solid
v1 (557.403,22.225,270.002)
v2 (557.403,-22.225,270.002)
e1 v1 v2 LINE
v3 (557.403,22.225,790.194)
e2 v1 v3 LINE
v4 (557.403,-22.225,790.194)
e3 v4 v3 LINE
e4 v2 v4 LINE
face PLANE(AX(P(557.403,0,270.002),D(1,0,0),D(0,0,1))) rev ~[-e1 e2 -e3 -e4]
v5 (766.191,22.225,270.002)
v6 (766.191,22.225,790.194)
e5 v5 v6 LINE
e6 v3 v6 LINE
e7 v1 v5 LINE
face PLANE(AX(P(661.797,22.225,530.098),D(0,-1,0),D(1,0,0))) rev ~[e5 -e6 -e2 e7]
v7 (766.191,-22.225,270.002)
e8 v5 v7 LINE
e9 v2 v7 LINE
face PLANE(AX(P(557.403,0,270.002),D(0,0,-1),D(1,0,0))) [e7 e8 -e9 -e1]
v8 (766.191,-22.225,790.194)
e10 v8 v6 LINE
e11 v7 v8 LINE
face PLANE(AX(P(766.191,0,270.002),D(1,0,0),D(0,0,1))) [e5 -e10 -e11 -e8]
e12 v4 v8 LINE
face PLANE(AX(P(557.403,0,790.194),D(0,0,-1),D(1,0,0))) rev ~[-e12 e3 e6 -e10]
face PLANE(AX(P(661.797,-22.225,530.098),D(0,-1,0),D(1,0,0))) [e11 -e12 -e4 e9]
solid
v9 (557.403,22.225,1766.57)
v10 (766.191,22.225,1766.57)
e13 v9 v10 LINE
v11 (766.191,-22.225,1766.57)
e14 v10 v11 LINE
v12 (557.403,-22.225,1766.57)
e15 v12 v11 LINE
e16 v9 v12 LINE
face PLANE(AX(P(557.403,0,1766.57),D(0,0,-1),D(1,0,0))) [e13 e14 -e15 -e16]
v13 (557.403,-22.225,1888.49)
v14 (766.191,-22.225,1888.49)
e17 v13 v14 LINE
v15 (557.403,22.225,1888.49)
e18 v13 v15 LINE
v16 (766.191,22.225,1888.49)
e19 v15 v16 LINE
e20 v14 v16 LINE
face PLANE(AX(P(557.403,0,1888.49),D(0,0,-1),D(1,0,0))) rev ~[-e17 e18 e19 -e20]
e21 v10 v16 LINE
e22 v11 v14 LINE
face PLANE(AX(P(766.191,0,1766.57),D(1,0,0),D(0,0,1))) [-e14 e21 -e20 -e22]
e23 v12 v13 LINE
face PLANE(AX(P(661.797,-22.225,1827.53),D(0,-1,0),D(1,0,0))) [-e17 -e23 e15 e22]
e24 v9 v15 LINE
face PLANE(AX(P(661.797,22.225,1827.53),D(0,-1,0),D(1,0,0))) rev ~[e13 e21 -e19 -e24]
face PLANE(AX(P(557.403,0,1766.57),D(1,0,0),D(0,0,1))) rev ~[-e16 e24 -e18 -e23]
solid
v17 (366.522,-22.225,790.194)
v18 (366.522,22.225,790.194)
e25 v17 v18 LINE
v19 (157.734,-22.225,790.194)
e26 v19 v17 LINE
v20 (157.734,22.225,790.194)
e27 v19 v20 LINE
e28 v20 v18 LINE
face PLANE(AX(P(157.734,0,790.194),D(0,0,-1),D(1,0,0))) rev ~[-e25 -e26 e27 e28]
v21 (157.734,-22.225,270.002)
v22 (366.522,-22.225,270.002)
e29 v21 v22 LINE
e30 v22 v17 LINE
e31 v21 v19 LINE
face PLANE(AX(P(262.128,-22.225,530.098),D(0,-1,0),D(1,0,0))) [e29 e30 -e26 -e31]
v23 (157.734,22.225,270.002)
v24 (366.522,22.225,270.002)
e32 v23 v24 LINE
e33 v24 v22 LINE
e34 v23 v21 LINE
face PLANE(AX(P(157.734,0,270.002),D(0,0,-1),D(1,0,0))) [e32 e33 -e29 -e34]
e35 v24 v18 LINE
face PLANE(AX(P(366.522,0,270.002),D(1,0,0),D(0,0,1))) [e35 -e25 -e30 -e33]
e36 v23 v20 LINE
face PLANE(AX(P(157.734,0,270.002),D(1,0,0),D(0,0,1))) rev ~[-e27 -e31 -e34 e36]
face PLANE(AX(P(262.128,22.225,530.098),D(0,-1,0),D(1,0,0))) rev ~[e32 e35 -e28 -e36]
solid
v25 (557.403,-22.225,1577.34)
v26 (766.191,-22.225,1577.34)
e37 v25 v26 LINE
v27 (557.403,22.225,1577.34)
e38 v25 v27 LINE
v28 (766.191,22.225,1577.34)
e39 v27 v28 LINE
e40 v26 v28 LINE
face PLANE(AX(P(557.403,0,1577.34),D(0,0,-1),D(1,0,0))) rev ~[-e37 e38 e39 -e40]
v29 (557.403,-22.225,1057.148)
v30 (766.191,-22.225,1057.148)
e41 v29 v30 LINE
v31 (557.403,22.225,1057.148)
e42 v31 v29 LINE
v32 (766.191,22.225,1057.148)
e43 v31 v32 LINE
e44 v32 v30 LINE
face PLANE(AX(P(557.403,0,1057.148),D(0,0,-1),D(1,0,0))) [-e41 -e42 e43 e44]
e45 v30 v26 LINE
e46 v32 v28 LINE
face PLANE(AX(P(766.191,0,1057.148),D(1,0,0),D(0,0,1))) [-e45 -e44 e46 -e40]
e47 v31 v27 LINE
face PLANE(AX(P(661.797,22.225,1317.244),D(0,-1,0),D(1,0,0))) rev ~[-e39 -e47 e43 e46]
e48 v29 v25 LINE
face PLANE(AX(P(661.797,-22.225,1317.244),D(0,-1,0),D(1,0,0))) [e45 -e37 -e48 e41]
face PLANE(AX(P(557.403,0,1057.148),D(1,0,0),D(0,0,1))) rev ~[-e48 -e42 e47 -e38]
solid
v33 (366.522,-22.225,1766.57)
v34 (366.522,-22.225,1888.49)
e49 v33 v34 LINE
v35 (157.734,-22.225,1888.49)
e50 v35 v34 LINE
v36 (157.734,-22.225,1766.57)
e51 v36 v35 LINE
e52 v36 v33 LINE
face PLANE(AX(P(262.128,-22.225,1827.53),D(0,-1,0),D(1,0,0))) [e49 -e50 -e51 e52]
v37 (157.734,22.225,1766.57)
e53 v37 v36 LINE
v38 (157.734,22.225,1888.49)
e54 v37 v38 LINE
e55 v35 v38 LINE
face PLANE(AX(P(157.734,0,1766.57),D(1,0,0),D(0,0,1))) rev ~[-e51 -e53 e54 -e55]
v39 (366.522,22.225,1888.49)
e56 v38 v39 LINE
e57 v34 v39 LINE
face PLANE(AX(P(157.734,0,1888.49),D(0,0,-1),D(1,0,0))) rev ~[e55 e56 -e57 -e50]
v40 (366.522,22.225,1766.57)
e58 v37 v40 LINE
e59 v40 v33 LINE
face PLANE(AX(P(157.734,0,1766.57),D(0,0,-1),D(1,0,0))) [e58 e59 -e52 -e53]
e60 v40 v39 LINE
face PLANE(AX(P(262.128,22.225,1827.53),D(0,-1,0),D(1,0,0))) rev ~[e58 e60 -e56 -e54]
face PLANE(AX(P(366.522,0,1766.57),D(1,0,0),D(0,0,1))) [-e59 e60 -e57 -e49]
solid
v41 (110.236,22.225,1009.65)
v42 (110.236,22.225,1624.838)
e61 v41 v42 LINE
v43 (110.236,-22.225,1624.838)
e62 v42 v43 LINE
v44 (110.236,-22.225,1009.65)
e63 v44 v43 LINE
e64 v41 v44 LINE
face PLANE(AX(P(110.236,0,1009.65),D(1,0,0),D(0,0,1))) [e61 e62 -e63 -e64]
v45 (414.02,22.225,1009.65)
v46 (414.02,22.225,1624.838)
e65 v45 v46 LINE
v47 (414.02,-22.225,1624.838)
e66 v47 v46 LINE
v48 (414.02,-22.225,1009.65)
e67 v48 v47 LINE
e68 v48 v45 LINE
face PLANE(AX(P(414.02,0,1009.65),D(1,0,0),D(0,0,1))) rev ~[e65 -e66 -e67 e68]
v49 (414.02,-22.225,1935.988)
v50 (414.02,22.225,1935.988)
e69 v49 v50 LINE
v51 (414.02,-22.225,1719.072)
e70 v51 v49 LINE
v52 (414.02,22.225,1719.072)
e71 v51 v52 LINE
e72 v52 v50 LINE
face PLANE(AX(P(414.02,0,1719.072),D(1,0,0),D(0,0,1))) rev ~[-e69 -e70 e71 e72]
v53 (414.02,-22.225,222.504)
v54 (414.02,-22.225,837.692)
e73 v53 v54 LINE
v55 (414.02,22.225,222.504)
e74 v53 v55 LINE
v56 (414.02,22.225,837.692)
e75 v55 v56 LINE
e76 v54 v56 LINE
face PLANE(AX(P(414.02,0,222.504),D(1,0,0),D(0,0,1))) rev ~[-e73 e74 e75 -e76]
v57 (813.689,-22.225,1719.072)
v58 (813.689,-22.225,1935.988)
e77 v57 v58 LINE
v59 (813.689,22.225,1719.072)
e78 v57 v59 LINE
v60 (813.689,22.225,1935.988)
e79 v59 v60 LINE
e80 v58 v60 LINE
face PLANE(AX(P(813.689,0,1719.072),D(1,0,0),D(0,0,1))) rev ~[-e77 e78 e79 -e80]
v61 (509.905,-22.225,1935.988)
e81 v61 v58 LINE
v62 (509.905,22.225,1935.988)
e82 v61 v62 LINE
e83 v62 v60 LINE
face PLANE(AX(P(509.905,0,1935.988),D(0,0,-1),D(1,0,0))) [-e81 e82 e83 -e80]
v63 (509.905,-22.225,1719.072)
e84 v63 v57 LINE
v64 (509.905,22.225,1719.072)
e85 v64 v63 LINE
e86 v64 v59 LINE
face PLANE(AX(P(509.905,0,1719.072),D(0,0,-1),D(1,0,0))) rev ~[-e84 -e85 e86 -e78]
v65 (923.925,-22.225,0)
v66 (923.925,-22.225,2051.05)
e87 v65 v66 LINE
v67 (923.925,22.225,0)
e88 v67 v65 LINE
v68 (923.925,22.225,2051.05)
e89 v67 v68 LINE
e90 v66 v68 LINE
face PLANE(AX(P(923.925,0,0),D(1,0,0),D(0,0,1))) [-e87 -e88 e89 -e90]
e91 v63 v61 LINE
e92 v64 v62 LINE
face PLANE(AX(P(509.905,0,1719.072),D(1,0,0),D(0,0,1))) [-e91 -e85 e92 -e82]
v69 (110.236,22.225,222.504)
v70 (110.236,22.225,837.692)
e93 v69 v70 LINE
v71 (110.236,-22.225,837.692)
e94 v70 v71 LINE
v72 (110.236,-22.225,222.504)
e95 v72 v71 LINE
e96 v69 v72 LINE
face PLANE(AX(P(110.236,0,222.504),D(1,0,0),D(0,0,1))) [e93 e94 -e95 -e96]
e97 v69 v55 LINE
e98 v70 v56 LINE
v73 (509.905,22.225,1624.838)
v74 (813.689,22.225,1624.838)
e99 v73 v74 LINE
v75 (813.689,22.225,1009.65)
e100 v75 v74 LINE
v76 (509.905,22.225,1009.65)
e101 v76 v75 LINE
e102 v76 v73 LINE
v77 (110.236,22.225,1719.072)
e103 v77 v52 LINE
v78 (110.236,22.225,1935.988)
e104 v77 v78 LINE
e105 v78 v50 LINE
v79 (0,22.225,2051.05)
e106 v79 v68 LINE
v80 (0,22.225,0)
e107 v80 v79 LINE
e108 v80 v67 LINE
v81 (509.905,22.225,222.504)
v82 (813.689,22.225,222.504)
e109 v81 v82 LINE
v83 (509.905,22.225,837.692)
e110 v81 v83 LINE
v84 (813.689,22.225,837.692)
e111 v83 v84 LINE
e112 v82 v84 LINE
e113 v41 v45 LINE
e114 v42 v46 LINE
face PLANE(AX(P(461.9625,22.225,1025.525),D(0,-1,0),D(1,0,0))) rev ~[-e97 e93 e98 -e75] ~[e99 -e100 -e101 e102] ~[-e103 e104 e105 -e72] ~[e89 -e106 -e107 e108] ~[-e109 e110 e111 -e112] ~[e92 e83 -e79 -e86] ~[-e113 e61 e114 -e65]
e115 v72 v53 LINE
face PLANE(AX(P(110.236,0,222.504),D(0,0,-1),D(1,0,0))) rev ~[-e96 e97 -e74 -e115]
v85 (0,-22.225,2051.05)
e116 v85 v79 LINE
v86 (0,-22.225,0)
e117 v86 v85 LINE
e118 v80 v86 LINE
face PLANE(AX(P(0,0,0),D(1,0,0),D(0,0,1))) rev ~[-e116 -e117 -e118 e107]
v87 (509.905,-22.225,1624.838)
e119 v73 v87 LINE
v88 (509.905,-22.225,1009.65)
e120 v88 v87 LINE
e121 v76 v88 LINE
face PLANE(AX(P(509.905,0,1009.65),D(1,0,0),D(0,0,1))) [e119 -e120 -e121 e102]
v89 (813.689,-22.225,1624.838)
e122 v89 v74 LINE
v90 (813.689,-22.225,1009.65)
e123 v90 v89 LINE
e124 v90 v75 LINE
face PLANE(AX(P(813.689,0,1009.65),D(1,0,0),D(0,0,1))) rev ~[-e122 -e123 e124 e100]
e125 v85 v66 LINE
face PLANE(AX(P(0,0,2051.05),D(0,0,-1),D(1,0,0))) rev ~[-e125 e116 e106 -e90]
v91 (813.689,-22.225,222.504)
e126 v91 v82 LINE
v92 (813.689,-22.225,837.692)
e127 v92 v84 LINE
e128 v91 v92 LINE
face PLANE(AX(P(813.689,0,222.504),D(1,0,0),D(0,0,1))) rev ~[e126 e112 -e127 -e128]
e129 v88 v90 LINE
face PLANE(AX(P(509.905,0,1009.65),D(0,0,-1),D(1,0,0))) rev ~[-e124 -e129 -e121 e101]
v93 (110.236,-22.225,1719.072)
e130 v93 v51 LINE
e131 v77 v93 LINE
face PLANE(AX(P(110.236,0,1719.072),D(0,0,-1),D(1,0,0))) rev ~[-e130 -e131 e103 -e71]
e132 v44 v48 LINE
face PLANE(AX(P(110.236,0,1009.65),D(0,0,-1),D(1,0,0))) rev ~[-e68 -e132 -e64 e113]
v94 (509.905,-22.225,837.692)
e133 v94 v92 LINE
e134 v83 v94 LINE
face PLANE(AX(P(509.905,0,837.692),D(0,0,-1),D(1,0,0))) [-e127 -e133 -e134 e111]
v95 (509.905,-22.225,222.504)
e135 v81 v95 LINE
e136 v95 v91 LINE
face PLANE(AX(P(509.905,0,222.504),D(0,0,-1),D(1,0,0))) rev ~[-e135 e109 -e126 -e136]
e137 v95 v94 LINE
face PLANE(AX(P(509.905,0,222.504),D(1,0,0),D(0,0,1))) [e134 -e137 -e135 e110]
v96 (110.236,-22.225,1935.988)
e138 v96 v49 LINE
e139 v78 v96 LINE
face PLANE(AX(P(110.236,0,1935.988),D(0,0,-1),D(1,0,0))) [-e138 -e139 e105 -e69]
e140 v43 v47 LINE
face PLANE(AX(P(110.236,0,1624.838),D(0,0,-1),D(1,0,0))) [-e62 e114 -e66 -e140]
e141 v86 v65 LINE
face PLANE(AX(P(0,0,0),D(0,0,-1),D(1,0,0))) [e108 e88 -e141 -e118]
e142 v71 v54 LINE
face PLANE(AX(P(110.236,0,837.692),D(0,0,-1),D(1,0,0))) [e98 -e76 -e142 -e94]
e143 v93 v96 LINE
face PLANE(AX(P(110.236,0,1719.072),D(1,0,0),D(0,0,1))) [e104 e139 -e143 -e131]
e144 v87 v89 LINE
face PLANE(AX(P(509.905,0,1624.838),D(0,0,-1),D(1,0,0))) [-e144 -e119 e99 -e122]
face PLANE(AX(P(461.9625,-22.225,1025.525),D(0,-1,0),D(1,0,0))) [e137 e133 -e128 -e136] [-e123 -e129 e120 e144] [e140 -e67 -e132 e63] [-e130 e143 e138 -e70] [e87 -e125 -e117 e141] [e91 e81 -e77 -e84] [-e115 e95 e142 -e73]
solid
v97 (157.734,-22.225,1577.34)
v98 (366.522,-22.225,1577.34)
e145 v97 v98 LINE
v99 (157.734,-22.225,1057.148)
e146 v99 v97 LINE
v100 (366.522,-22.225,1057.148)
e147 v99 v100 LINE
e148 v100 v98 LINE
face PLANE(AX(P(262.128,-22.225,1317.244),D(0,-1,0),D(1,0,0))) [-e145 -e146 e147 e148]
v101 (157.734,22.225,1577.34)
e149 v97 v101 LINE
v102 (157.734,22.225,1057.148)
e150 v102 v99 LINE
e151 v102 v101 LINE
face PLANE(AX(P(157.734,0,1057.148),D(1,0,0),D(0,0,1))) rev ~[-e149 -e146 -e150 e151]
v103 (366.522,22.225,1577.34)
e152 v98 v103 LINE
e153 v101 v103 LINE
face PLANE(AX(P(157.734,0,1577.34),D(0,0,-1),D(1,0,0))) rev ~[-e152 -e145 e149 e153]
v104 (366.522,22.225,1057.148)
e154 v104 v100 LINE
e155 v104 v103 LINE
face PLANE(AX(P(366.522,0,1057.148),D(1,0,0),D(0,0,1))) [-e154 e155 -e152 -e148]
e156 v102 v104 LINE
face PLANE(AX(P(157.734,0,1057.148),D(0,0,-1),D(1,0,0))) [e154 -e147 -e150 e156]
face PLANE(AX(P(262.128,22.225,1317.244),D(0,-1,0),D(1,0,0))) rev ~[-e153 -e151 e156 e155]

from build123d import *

# Parameters (mm, degrees)
F0_W          = 923.925
F0_H          = 2051.05
F0_W_2        = 303.784
F0_H_2        = 615.188
F0_H_3        = 216.916
F1_DEPTH      = 22.225
F1_DEPTH_BACK = 22.225
F2_W          = 208.788
F2_H          = 121.92
F2_H_2        = 520.192
F3_DEPTH      = 22.225
F3_DEPTH_BACK = 22.225


with BuildPart() as f1:
    # F0 (on Front) → F1 (new body, two sides)
    with BuildSketch(Plane.XZ) as f1_sk:
        with Locations((461.9625, 1025.525)):
            Rectangle(F0_W, F0_H)
        with Locations((262.128, 530.098)):
            Rectangle(F0_W_2, F0_H_2, mode=Mode.SUBTRACT)
        with Locations((661.797, 530.098)):
            Rectangle(F0_W_2, F0_H_2, mode=Mode.SUBTRACT)
        with Locations((262.128, 1317.244)):
            Rectangle(F0_W_2, F0_H_2, mode=Mode.SUBTRACT)
        with Locations((262.128, 1827.53)):
            Rectangle(F0_W_2, F0_H_3, mode=Mode.SUBTRACT)
        with Locations((661.797, 1317.244)):
            Rectangle(F0_W_2, F0_H_2, mode=Mode.SUBTRACT)
        with Locations((661.797, 1827.53)):
            Rectangle(F0_W_2, F0_H_3, mode=Mode.SUBTRACT)
    extrude(amount=F1_DEPTH)
    extrude(f1_sk.sketch, amount=-F1_DEPTH_BACK)


with BuildPart() as f3:
    # F2 (on Front) → F3 (new body, two sides)
    with BuildSketch(Plane.XZ) as f3_sk:
        with Locations((262.128, 1827.53)):
            Rectangle(F2_W, F2_H)
        with Locations((661.797, 1827.53)):
            Rectangle(F2_W, F2_H)
        with Locations((661.797, 1317.244)):
            Rectangle(F2_W, F2_H_2)
        with Locations((262.128, 1317.244)):
            Rectangle(F2_W, F2_H_2)
        with Locations((262.128, 530.098)):
            Rectangle(F2_W, F2_H_2)
        with Locations((661.797, 530.098)):
            Rectangle(F2_W, F2_H_2)
    extrude(amount=F3_DEPTH)
    extrude(f3_sk.sketch, amount=-F3_DEPTH_BACK)


solid = Compound([f1.part, f3.part])
